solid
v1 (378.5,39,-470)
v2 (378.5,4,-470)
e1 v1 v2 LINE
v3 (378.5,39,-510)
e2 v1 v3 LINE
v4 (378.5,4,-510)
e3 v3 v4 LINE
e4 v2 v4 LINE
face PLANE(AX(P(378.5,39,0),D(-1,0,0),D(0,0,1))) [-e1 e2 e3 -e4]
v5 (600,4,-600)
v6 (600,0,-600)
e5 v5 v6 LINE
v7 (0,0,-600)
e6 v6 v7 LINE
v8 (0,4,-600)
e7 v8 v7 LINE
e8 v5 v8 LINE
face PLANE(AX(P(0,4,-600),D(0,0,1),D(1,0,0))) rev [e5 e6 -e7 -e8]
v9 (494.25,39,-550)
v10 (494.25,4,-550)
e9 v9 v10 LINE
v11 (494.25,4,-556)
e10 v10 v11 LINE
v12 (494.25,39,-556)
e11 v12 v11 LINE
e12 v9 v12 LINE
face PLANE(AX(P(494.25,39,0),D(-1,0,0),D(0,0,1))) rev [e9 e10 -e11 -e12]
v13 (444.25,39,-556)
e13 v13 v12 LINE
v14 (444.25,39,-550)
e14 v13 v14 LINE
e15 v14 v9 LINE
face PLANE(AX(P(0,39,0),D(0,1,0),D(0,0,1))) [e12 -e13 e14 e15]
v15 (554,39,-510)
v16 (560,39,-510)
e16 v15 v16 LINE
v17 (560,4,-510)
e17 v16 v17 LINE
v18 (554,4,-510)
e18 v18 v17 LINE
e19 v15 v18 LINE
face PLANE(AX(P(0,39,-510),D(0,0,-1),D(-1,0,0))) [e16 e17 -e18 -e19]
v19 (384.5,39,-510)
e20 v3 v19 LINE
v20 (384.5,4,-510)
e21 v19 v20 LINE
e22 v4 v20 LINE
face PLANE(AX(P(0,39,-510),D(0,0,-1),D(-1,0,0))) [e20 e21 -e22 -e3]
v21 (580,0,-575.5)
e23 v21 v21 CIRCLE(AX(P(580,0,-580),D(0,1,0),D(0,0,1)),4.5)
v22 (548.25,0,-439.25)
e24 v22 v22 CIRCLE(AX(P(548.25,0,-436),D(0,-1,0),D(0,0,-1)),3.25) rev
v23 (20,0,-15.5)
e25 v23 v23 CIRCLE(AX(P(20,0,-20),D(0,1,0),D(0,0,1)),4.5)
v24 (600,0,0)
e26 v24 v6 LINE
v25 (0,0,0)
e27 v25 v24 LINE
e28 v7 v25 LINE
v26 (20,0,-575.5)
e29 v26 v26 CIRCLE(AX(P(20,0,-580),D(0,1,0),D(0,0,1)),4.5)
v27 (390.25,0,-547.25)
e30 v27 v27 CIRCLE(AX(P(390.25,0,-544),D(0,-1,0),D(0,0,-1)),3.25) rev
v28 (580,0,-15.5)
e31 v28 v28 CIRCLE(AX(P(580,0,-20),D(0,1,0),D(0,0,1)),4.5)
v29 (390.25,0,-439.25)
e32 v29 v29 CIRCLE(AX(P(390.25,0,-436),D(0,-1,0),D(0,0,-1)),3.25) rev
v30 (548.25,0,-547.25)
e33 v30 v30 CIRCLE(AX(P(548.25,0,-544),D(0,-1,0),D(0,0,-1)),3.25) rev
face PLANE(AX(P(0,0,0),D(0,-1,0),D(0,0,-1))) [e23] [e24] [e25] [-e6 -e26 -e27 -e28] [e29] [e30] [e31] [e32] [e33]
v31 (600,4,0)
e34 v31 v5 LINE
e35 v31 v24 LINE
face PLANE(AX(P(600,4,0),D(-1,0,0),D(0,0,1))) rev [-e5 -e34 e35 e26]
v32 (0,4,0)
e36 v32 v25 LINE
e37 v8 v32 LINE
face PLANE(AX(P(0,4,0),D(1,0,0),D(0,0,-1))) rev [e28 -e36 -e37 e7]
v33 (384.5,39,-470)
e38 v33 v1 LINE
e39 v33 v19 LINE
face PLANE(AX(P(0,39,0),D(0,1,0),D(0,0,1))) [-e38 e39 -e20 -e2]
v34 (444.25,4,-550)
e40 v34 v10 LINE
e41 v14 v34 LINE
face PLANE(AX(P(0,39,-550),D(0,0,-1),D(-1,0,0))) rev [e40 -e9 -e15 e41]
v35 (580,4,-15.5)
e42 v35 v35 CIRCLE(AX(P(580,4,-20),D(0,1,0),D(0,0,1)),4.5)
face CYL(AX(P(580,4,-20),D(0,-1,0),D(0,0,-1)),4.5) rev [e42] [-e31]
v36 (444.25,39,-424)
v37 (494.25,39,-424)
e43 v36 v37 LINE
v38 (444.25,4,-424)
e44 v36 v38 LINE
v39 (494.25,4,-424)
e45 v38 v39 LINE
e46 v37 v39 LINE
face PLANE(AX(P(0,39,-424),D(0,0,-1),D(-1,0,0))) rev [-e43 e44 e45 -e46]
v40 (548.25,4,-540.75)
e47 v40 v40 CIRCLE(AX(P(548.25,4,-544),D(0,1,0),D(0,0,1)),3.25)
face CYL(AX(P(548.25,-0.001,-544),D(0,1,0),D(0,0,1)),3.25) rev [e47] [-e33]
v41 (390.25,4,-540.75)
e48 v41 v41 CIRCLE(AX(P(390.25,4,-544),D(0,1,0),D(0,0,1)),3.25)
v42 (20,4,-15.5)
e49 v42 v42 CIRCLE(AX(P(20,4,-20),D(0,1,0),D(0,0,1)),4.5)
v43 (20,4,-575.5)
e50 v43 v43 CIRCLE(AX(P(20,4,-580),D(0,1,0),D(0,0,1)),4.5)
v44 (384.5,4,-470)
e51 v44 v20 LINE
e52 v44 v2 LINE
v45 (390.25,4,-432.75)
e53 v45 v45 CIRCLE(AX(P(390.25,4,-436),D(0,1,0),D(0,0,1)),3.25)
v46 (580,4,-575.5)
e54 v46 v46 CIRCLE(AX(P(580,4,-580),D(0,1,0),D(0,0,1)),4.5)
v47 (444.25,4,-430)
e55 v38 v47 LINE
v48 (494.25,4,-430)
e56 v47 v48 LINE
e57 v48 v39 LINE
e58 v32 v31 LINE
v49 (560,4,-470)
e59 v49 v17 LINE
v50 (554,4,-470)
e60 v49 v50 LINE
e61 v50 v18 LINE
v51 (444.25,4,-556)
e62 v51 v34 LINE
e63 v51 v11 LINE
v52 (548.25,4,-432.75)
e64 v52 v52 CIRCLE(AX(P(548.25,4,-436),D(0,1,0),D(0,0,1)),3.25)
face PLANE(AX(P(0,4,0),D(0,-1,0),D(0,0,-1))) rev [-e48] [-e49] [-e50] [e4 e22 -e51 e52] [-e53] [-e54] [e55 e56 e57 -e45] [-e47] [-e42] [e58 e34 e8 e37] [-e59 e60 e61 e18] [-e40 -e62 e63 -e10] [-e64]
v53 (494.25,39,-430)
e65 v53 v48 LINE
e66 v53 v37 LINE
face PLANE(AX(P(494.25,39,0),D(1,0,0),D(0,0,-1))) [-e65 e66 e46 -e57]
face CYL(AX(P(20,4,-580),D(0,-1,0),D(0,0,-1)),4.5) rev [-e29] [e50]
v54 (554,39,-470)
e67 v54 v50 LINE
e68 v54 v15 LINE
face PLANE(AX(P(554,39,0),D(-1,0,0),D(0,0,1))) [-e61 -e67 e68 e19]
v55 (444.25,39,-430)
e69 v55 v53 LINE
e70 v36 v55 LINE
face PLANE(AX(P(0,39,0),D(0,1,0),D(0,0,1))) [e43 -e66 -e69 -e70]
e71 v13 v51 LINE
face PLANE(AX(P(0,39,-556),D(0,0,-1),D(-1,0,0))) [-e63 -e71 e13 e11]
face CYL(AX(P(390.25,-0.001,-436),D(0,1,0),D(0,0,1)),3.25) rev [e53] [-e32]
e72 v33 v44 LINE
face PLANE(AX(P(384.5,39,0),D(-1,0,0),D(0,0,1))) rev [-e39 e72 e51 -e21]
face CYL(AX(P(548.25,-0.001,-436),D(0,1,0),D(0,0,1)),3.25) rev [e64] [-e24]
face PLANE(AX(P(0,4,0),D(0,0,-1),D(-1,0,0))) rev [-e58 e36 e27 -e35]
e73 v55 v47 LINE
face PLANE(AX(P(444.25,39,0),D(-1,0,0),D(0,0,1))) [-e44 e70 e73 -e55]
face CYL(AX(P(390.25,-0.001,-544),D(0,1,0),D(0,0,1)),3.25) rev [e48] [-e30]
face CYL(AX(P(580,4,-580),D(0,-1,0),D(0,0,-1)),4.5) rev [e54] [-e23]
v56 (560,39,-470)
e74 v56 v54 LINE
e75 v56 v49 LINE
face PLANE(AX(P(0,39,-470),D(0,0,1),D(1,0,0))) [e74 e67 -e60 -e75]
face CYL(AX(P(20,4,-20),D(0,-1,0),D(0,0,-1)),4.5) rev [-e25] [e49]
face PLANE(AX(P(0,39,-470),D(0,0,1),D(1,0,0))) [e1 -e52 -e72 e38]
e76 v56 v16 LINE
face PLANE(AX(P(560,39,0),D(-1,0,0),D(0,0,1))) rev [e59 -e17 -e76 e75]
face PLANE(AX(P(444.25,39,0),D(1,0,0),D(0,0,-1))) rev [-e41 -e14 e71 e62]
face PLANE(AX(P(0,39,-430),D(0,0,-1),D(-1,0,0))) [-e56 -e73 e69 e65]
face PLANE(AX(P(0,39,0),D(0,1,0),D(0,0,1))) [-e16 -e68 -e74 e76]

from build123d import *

# Parameters (mm, degrees)
SKETCH1_W           = 600
SKETCH1_H           = 600
SKETCH1_R           = 4.5
BOSS_EXTRUDE1_DEPTH = 4
CUT_EXTRUDE2_REACH  = 850.538
SKETCH4_R           = 3.25
SKETCH4_3_W         = 6
SKETCH4_3_H         = 40
SKETCH4_3_W_2       = 50
SKETCH4_3_H_2       = 6
BOSS_EXTRUDE2_DEPTH = 35


with BuildPart() as part:
    # Sketch1 → Boss-Extrude1 (new body)
    with BuildSketch(Plane(origin=(0, 0, 0), x_dir=(1, 0, 0), z_dir=(0, 1, 0))):
        with Locations((300, 300)):
            Rectangle(SKETCH1_W, SKETCH1_H)
        with Locations((20, 580)):
            Circle(SKETCH1_R, mode=Mode.SUBTRACT)
        with Locations((580, 580)):
            Circle(SKETCH1_R, mode=Mode.SUBTRACT)
        with Locations((580, 20)):
            Circle(SKETCH1_R, mode=Mode.SUBTRACT)
        with Locations((20, 20)):
            Circle(SKETCH1_R, mode=Mode.SUBTRACT)
    extrude(amount=BOSS_EXTRUDE1_DEPTH)

    # Sketch4 → Cut-Extrude2 (cut, up to next)
    with BuildSketch(Plane(origin=(0, 4, 0), x_dir=(1, 0, 0), z_dir=(0, 1, 0)), mode=Mode.PRIVATE) as cut_extrude2_sk1:
        with Locations((390.25, 544)):
            Circle(SKETCH4_R)
    cut_extrude2_tool1 = extrude(cut_extrude2_sk1.sketch, amount=-CUT_EXTRUDE2_REACH, mode=Mode.PRIVATE) & part.part
    # Sketch4 → Cut-Extrude2 (cut, up to next)
    with BuildSketch(Plane(origin=(0, 4, 0), x_dir=(1, 0, 0), z_dir=(0, 1, 0)), mode=Mode.PRIVATE) as cut_extrude2_sk2:
        with Locations((548.25, 544)):
            Circle(SKETCH4_R)
    cut_extrude2_tool2 = extrude(cut_extrude2_sk2.sketch, amount=-CUT_EXTRUDE2_REACH, mode=Mode.PRIVATE) & part.part
    # Sketch4 → Cut-Extrude2 (cut, up to next)
    with BuildSketch(Plane(origin=(0, 4, 0), x_dir=(1, 0, 0), z_dir=(0, 1, 0)), mode=Mode.PRIVATE) as cut_extrude2_sk3:
        with Locations((390.25, 436)):
            Circle(SKETCH4_R)
    cut_extrude2_tool3 = extrude(cut_extrude2_sk3.sketch, amount=-CUT_EXTRUDE2_REACH, mode=Mode.PRIVATE) & part.part
    # Sketch4 → Cut-Extrude2 (cut, up to next)
    with BuildSketch(Plane(origin=(0, 4, 0), x_dir=(1, 0, 0), z_dir=(0, 1, 0)), mode=Mode.PRIVATE) as cut_extrude2_sk4:
        with Locations((548.25, 436)):
            Circle(SKETCH4_R)
    cut_extrude2_tool4 = extrude(cut_extrude2_sk4.sketch, amount=-CUT_EXTRUDE2_REACH, mode=Mode.PRIVATE) & part.part
    add(cut_extrude2_tool1.solids().sort_by_distance((390.25, 4, -544))[0], mode=Mode.SUBTRACT)
    add(cut_extrude2_tool2.solids().sort_by_distance((548.25, 4, -544))[0], mode=Mode.SUBTRACT)
    add(cut_extrude2_tool3.solids().sort_by_distance((390.25, 4, -436))[0], mode=Mode.SUBTRACT)
    add(cut_extrude2_tool4.solids().sort_by_distance((548.25, 4, -436))[0], mode=Mode.SUBTRACT)

    # Sketch4<3> → Boss-Extrude2 (add)
    with BuildSketch(Plane(origin=(0, 4, 0), x_dir=(1, 0, 0), z_dir=(0, 1, 0))):
        with Locations((381.5, 490)):
            Rectangle(SKETCH4_3_W, SKETCH4_3_H)
        with Locations((469.25, 553)):
            Rectangle(SKETCH4_3_W_2, SKETCH4_3_H_2)
        with Locations((557, 490)):
            Rectangle(SKETCH4_3_W, SKETCH4_3_H)
        with Locations((469.25, 427)):
            Rectangle(SKETCH4_3_W_2, SKETCH4_3_H_2)
    extrude(amount=BOSS_EXTRUDE2_DEPTH)


solid = part.part
